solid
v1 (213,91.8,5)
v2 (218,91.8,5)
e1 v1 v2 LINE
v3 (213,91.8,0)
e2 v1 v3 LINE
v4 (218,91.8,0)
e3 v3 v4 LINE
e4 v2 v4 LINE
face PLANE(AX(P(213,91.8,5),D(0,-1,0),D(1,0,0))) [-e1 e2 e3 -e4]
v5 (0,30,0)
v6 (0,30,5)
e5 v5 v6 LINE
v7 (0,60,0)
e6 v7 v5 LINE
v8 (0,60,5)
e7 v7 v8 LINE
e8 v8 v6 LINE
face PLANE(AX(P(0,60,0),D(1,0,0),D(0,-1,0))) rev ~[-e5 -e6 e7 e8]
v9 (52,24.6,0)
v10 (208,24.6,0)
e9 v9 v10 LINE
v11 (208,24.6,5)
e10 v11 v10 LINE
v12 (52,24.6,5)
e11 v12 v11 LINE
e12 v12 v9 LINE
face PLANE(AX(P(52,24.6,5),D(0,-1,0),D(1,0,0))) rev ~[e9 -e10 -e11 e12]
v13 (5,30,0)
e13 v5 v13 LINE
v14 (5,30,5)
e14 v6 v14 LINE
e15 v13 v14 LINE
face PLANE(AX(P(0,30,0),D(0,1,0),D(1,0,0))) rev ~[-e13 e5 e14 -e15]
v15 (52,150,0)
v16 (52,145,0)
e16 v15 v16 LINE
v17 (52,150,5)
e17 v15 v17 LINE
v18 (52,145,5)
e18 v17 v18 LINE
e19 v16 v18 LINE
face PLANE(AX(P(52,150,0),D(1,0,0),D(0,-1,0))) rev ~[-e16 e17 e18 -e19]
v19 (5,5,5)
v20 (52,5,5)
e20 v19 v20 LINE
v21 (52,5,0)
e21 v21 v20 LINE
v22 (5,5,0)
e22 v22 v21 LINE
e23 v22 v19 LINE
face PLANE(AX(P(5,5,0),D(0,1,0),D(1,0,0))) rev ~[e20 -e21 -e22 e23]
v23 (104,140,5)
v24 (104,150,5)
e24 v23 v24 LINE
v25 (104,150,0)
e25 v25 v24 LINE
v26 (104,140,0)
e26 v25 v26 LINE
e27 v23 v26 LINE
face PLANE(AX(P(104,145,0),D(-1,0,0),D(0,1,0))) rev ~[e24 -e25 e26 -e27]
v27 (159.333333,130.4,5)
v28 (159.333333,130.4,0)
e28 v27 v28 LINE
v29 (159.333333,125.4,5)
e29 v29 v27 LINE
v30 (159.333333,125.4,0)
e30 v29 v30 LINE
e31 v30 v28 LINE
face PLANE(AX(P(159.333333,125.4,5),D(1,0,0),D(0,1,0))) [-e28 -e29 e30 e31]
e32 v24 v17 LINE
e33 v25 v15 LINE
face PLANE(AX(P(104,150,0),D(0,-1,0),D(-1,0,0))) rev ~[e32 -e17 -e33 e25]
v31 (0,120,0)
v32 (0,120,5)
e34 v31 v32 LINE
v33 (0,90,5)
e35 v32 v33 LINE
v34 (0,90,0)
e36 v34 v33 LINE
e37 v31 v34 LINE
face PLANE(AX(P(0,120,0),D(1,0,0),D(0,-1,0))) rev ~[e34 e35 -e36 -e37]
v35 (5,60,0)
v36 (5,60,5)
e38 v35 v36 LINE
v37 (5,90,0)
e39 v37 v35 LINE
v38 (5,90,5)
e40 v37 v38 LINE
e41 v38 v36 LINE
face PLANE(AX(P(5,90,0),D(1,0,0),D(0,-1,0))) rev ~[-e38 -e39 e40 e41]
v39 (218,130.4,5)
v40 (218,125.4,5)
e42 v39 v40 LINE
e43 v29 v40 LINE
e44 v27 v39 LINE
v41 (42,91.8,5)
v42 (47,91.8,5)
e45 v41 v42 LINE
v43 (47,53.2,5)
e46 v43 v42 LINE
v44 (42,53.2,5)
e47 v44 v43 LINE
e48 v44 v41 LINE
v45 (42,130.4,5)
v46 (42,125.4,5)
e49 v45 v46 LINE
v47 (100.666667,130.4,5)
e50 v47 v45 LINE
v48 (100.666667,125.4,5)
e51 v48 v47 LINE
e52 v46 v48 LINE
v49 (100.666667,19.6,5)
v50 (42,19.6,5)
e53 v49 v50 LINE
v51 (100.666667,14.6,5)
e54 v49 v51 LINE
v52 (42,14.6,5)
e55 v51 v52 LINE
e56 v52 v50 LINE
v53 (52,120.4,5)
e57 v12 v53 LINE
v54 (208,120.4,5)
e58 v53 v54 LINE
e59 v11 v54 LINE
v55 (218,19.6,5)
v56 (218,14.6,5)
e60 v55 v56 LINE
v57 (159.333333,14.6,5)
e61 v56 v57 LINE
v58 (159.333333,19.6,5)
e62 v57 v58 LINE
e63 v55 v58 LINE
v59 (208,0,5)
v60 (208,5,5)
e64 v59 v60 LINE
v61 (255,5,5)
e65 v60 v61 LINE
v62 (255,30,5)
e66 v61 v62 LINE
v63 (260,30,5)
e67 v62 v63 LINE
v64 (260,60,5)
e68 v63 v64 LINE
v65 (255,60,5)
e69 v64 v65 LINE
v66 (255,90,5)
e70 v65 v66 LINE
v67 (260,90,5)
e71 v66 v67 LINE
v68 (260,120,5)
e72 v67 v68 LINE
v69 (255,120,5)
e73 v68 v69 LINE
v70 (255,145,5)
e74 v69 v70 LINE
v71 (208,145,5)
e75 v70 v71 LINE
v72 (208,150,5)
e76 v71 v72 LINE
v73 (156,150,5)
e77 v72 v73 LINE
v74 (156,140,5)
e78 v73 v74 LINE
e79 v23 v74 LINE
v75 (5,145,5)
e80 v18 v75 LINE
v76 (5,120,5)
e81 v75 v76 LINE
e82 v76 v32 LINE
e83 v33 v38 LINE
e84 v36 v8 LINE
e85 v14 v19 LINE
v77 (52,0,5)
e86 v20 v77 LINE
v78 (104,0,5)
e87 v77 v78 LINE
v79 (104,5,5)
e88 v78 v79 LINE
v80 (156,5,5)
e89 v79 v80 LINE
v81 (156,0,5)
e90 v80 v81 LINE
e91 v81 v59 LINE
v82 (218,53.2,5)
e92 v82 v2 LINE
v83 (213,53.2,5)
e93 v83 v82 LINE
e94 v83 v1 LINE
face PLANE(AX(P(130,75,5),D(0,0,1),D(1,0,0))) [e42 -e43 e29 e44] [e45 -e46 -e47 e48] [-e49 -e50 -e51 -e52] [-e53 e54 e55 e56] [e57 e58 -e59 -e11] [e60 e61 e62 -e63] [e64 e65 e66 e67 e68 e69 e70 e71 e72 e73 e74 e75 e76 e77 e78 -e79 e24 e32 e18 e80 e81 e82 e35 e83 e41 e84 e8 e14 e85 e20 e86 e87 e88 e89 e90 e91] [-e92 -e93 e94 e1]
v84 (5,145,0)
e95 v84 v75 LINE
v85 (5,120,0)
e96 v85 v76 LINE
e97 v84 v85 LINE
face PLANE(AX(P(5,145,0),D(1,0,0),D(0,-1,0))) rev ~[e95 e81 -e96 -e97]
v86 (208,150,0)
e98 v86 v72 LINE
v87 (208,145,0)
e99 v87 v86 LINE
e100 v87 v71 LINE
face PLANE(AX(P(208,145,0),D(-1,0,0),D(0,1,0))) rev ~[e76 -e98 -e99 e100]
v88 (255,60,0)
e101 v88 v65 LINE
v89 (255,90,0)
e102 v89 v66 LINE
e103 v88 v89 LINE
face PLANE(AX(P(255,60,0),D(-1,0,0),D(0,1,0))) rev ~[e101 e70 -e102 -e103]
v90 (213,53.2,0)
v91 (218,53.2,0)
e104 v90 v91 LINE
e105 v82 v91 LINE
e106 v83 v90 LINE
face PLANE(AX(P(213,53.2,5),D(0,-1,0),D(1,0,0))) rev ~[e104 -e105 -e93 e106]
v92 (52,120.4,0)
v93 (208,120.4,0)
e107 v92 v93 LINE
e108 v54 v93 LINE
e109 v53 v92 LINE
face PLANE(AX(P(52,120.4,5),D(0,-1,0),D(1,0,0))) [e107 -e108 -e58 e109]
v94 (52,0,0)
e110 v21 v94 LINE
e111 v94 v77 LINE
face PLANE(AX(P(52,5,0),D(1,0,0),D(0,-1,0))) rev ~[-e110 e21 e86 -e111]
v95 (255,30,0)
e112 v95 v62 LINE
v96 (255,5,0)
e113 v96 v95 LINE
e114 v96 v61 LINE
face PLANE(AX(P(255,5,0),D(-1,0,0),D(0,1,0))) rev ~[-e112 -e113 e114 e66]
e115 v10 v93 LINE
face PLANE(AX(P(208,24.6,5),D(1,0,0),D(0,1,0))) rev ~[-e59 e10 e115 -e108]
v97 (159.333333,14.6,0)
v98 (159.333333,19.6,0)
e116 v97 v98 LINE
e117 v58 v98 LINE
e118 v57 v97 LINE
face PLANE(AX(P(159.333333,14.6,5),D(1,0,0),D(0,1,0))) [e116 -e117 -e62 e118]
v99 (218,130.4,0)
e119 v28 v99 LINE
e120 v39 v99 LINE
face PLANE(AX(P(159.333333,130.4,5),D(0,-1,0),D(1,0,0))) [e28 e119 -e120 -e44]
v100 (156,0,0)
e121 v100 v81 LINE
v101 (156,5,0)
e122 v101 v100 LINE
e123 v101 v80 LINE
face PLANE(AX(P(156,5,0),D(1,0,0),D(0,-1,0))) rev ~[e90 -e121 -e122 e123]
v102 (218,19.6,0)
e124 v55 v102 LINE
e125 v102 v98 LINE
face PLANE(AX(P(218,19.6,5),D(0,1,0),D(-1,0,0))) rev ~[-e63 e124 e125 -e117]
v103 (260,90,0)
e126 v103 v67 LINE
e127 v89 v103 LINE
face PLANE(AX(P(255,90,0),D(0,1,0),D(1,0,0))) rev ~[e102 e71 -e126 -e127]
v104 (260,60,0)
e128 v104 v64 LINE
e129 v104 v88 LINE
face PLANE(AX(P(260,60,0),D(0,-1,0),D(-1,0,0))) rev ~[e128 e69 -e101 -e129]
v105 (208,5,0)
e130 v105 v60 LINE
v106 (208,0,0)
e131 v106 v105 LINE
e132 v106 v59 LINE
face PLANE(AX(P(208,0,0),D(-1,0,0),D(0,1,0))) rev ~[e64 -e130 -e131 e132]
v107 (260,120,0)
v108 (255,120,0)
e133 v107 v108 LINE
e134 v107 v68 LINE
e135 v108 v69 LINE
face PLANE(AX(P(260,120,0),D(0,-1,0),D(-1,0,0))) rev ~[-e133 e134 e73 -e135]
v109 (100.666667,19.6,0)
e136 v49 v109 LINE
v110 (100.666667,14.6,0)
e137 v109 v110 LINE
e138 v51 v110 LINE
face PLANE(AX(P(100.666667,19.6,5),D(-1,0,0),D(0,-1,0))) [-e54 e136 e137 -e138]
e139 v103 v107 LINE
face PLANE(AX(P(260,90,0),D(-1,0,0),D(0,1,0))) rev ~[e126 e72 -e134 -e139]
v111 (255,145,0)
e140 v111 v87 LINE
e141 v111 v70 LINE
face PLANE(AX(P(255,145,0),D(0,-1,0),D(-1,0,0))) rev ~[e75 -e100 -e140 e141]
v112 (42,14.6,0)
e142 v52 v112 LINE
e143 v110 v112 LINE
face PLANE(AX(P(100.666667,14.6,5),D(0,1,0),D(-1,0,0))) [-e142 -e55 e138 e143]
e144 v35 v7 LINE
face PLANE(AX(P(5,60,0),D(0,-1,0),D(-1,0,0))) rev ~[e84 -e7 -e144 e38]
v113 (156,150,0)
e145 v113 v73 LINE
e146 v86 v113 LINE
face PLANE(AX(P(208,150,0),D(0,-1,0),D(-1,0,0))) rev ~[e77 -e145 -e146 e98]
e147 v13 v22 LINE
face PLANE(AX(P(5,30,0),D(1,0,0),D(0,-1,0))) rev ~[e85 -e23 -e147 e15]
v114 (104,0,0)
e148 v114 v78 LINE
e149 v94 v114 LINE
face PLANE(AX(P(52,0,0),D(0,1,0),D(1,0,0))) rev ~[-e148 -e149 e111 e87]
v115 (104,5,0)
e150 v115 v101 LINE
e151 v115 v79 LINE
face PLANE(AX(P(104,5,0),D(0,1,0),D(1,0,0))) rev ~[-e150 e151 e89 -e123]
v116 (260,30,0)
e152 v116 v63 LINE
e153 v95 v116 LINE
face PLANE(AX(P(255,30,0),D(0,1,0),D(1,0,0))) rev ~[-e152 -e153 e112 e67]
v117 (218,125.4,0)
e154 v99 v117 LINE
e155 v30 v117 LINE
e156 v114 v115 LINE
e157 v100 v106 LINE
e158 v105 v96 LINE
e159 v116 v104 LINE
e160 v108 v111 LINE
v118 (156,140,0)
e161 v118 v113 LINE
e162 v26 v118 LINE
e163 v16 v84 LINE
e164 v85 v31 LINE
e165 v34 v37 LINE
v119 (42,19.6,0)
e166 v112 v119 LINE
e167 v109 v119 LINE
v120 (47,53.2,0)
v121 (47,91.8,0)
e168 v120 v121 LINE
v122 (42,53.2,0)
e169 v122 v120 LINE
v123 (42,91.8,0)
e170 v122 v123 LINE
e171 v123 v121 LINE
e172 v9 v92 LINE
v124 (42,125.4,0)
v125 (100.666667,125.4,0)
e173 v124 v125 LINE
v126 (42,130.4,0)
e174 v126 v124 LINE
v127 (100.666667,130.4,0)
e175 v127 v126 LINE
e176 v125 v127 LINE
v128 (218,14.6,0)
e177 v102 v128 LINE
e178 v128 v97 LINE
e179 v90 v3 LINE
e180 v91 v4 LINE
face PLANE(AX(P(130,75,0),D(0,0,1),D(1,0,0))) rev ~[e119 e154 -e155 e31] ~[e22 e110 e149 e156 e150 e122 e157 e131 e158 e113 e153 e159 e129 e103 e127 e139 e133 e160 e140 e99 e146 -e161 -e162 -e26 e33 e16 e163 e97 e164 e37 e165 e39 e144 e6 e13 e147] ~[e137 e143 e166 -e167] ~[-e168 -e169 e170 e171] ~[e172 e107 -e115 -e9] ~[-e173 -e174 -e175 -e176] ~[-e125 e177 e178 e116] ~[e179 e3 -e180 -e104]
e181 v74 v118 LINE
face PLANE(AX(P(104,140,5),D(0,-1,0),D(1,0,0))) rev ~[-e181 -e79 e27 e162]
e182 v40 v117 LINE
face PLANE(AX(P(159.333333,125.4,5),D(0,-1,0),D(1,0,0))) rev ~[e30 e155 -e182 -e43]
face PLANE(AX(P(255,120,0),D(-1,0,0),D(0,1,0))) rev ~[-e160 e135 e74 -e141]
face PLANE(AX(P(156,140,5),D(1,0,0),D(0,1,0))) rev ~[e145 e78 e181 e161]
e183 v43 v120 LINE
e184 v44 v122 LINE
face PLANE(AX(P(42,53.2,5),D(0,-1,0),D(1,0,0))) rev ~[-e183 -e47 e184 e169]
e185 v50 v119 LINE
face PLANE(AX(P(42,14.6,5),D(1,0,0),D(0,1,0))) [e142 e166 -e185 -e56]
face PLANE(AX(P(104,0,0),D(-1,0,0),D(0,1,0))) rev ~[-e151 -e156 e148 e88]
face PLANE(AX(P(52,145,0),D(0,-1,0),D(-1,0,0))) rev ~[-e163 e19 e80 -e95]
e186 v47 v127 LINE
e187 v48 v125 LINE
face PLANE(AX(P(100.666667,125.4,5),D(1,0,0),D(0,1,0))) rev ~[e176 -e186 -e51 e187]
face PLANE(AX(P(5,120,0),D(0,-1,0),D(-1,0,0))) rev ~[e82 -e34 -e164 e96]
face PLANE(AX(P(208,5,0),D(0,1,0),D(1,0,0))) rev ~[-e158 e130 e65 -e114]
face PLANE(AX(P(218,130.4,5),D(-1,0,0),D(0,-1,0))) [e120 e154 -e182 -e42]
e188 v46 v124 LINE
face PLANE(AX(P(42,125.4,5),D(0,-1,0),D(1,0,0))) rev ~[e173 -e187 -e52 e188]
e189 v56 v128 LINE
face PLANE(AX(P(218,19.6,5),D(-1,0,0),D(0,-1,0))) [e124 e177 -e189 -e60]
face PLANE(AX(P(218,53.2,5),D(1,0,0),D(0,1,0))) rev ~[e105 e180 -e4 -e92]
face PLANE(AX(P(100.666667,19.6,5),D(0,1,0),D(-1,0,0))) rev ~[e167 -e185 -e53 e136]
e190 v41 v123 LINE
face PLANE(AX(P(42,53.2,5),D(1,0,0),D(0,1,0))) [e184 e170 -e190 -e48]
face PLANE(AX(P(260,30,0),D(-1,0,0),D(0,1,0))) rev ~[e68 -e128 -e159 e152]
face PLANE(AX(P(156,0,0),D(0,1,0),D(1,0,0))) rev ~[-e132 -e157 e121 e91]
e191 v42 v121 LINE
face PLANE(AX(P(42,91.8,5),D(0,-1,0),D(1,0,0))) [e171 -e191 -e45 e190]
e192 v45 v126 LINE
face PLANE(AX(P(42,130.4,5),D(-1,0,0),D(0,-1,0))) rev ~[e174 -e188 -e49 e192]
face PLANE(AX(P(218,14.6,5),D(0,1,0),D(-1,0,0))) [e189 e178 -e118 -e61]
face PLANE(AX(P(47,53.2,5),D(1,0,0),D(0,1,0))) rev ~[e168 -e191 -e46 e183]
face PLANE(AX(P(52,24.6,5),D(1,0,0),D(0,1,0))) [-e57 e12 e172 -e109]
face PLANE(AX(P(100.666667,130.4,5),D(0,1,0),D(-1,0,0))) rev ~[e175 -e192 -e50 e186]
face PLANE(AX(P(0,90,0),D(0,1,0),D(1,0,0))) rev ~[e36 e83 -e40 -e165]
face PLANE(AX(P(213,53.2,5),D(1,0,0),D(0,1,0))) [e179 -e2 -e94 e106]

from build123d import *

# Parameters (mm, degrees)
SALIENTE_EXTRUIR1_DEPTH = 5
CROQUIS2_W              = 52
CROQUIS2_H              = 5
CORTAR_EXTRUIR1_DEPTH   = 10
CROQUIS3_W              = 5
CROQUIS3_H              = 38.6
CROQUIS3_W_2            = 156
CROQUIS3_H_2            = 95.8
CORTAR_EXTRUIR2_DEPTH   = 10


with BuildPart() as part:
    # Croquis1 → Saliente-Extruir1 (new body)
    with BuildSketch(Plane.XY):
        Polygon((52, 0), (104, 0), (104, 5), (156, 5), (156, 0), (208, 0), (208, 5), (255, 5), (255, 30), (260, 30), (260, 60), (255, 60), (255, 90), (260, 90), (260, 120), (255, 120), (255, 145), (208, 145), (208, 150), (156, 150), (156, 145), (104, 145), (104, 150), (52, 150), (52, 145), (5, 145), (5, 120), (0, 120), (0, 90), (5, 90), (5, 60), (0, 60), (0, 30), (5, 30), (5, 5), (52, 5), align=None)
    extrude(amount=SALIENTE_EXTRUIR1_DEPTH)

    # Croquis2 → Cortar-Extruir1 (cut)
    with BuildSketch(Plane.XY.offset(5)):
        with Locations((130, 142.5)):
            Rectangle(CROQUIS2_W, CROQUIS2_H)
    extrude(amount=-CORTAR_EXTRUIR1_DEPTH, mode=Mode.SUBTRACT)

    # Croquis3 → Cortar-Extruir2 (cut)
    with BuildSketch(Plane.XY.offset(5)):
        with Locations((44.5, 72.5)):
            Rectangle(CROQUIS3_W, CROQUIS3_H)
        with Locations((130, 72.5)):
            Rectangle(CROQUIS3_W_2, CROQUIS3_H_2)
        Polygon((47, 19.6), (100.666666667, 19.6), (100.666666667, 14.6), (42, 14.6), (42, 19.6), align=None)
        with Locations((215.5, 72.5)):
            Rectangle(CROQUIS3_W, CROQUIS3_H)
        Polygon((47, 125.4), (100.666666667, 125.4), (100.666666667, 130.4), (42, 130.4), (42, 125.4), align=None)
        Polygon((218, 130.4), (218, 125.4), (213, 125.4), (159.333333333, 125.4), (159.333333333, 130.4), align=None)
        Polygon((159.333333333, 14.6), (159.333333333, 19.6), (213, 19.6), (218, 19.6), (218, 14.6), align=None)
    extrude(amount=-CORTAR_EXTRUIR2_DEPTH, mode=Mode.SUBTRACT)


solid = part.part
